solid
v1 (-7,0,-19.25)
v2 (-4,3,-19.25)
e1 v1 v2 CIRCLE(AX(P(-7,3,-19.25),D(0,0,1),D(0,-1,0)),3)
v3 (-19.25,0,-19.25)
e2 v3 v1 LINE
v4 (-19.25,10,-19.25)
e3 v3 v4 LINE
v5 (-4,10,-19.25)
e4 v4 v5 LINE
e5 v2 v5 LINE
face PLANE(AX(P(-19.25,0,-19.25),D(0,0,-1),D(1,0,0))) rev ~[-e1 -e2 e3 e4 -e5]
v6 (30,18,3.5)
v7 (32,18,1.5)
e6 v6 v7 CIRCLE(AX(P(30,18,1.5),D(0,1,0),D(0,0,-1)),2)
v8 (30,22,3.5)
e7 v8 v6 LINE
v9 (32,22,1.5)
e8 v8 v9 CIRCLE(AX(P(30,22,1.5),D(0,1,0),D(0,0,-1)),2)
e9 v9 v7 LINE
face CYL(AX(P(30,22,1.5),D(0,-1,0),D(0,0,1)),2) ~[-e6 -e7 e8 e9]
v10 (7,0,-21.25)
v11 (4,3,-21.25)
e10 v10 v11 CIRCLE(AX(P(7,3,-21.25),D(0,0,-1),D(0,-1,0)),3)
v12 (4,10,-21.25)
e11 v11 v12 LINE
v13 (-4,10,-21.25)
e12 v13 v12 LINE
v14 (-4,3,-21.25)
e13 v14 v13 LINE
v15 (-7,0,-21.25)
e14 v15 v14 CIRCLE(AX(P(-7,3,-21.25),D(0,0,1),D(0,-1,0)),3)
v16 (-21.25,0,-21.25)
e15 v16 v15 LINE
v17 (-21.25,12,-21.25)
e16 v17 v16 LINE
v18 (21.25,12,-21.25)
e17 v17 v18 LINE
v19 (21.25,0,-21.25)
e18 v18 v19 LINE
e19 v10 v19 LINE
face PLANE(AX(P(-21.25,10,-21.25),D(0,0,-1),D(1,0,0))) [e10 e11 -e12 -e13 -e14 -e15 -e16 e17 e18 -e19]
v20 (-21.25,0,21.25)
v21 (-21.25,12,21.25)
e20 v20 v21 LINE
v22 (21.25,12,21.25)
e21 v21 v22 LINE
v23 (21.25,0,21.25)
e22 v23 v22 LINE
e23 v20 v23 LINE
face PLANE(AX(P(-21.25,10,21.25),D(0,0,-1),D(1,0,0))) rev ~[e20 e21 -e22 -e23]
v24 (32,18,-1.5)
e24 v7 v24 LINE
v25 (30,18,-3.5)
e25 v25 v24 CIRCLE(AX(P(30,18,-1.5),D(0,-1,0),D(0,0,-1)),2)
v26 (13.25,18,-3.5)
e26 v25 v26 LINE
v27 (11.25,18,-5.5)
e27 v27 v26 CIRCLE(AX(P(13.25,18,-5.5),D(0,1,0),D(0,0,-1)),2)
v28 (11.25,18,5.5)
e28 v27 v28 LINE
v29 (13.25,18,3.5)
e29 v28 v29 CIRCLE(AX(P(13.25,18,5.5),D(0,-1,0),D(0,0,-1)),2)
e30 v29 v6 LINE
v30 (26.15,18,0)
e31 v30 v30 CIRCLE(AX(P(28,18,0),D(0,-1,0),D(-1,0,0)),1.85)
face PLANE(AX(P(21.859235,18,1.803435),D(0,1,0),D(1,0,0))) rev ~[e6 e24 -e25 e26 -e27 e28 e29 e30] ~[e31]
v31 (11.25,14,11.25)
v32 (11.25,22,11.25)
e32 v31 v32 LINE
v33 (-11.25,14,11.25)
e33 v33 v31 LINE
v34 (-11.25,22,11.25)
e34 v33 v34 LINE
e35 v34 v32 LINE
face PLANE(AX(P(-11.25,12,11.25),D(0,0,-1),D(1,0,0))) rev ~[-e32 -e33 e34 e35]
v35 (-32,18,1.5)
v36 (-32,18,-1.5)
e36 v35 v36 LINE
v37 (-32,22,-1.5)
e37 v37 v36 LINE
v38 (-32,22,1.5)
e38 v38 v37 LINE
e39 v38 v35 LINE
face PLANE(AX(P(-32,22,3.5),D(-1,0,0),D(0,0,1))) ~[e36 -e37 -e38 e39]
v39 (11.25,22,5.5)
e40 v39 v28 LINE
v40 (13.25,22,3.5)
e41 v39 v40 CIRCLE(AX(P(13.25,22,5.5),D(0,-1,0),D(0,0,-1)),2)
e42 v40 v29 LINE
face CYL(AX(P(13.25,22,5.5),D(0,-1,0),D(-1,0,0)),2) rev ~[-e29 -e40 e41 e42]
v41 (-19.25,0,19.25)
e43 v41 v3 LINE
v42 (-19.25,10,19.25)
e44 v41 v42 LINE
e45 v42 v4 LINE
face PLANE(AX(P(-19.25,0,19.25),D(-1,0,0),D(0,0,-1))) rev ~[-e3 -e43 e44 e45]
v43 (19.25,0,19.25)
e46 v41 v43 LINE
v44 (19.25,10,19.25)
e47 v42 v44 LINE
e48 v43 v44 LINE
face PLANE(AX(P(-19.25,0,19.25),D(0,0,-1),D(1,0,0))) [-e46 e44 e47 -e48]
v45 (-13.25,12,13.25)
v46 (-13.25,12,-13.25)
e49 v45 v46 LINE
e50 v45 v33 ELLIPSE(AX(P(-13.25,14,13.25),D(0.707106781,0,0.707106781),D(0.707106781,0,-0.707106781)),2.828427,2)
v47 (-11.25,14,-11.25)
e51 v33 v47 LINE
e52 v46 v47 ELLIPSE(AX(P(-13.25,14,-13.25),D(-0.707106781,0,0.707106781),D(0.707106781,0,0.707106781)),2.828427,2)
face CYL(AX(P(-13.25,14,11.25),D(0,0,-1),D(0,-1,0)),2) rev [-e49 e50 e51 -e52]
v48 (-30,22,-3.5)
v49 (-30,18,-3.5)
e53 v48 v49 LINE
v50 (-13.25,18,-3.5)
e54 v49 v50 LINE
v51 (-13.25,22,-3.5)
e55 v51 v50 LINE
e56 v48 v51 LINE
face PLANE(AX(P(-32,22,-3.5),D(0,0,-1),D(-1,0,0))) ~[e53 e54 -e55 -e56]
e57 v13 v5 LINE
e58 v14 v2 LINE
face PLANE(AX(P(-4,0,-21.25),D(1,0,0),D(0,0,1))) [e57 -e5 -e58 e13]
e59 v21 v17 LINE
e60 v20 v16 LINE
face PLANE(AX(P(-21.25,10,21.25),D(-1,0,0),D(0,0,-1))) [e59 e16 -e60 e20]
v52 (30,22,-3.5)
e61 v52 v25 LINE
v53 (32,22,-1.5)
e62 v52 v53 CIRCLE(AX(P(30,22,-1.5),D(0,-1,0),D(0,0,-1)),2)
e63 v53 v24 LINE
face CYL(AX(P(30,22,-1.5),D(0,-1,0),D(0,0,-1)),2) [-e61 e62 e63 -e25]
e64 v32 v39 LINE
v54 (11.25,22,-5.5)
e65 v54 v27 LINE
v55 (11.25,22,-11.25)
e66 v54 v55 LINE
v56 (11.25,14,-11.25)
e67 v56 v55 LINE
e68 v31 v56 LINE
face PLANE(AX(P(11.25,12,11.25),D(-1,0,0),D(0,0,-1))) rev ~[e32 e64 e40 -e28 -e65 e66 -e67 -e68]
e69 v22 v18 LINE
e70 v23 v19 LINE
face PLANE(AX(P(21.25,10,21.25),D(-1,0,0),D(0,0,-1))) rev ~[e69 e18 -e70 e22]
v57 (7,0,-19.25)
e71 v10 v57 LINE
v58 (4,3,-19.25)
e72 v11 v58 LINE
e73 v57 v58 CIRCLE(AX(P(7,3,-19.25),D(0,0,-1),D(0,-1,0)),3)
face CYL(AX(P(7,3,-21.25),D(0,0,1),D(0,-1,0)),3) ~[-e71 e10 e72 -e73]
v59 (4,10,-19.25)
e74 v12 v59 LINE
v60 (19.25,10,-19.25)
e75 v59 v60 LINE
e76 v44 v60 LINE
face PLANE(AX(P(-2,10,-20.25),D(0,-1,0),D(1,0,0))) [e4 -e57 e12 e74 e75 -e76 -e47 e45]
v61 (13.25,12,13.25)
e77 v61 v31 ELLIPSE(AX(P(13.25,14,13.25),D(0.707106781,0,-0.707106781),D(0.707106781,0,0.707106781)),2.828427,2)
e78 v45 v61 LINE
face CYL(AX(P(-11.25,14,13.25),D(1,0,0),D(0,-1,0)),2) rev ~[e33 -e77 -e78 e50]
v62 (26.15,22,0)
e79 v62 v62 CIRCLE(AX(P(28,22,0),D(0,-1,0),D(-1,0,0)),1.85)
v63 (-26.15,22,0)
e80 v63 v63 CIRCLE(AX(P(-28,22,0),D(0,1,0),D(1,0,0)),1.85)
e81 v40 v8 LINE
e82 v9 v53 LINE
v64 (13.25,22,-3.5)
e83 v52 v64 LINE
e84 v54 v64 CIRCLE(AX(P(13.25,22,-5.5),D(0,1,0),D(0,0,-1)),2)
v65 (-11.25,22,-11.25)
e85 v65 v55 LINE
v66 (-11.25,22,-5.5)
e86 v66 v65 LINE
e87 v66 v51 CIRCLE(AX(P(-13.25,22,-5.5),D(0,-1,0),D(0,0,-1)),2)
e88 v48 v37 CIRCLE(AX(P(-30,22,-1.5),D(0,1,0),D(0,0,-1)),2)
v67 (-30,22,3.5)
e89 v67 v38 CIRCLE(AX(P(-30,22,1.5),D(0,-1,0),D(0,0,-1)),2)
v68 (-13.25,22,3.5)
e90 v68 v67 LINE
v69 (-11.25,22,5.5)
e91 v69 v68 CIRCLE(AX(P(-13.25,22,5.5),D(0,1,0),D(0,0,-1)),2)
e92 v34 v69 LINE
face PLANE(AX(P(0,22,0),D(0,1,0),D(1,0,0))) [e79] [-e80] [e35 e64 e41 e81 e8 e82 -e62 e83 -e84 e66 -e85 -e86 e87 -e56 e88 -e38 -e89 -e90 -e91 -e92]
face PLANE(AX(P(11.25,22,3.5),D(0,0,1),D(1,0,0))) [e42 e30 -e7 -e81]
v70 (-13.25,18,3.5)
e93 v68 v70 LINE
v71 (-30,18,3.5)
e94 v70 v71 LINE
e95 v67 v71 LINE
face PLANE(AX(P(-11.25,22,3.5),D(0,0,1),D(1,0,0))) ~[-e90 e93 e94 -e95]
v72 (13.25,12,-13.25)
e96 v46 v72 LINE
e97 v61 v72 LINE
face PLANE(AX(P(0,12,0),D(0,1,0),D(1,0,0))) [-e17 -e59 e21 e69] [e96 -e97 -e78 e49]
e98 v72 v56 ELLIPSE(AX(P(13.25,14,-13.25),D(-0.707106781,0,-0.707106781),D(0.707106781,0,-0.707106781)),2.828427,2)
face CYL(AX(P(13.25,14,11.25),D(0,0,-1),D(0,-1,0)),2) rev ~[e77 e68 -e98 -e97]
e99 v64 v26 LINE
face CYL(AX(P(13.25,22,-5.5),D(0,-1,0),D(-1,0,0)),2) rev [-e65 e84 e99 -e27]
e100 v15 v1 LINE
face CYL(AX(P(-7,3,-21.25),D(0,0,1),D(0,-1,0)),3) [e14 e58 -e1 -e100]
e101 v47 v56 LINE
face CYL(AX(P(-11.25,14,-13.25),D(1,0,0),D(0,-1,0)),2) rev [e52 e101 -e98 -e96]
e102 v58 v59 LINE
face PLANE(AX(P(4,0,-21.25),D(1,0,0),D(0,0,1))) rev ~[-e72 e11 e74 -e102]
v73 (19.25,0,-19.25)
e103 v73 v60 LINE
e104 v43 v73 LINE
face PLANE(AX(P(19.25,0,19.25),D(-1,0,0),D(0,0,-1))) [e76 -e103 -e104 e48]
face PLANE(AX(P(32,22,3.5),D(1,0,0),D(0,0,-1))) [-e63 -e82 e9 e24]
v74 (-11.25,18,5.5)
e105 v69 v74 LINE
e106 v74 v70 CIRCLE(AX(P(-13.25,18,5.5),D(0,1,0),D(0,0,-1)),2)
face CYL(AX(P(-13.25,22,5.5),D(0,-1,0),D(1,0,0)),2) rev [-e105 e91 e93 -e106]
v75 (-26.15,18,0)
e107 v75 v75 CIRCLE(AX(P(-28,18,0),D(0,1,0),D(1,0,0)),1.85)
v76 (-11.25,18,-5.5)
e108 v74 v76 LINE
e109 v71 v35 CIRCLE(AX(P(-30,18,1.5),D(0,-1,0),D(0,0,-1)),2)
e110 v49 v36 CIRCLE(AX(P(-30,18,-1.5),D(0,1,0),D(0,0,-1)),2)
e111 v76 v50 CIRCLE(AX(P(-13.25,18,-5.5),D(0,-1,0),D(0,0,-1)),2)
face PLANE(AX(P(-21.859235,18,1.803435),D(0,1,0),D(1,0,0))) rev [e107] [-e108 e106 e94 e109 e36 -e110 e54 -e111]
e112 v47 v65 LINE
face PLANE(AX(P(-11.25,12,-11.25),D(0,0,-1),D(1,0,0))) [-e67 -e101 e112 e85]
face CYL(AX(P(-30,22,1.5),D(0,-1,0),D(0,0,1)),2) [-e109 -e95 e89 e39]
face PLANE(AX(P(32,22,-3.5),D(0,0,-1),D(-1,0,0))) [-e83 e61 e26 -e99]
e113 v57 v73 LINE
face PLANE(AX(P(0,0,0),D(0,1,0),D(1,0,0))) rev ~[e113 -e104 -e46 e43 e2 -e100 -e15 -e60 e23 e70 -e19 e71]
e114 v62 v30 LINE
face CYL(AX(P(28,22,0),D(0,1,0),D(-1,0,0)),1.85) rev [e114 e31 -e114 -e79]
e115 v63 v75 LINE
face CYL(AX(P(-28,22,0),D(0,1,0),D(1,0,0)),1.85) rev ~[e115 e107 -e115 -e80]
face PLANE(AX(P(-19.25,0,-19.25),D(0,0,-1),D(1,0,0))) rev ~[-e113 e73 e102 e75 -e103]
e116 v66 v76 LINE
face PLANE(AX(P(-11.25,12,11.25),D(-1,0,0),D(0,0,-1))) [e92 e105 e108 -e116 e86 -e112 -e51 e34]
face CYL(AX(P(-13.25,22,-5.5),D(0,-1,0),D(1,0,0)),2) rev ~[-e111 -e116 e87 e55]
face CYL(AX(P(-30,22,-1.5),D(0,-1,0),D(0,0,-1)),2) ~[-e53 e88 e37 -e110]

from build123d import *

# Parameters (mm, degrees)
SKETCH1_W           = 42.5
SKETCH1_H           = 42.5
SKETCH1_W_2         = 38.5
SKETCH1_H_2         = 38.5
BOSS_EXTRUDE1_DEPTH = 10
SKETCH2_W           = 42.5
SKETCH2_H           = 42.5
BOSS_EXTRUDE2_DEPTH = 2
SKETCH3_W           = 4
SKETCH3_H           = 2
CUT_EXTRUDE1_DEPTH  = 10
SKETCH5_W           = 22.5
SKETCH5_H           = 22.5
BOSS_EXTRUDE3_DEPTH = 10
BOSS_EXTRUDE4_DEPTH = 4
FILLET1_R           = 2
FILLET2_R           = 3


with BuildPart() as part:
    # Sketch1 → Boss-Extrude1 (new body)
    with BuildSketch(Plane(origin=(0, 0, 0), x_dir=(1, 0, 0), z_dir=(0, 1, 0))):
        Rectangle(SKETCH1_W, SKETCH1_H)
        Rectangle(SKETCH1_W_2, SKETCH1_H_2, mode=Mode.SUBTRACT)
    extrude(amount=BOSS_EXTRUDE1_DEPTH)

    # Sketch2 → Boss-Extrude2 (add)
    with BuildSketch(Plane(origin=(0, 10, 0), x_dir=(1, 0, 0), z_dir=(0, 1, 0))):
        Rectangle(SKETCH2_W, SKETCH2_H)
    extrude(amount=BOSS_EXTRUDE2_DEPTH)

    # Sketch3 → Cut-Extrude1 (cut)
    with BuildSketch(Plane.XZ):
        with Locations((-2, -20.25)):
            Rectangle(SKETCH3_W, SKETCH3_H)
        with Locations((2, -20.25)):
            Rectangle(SKETCH3_W, SKETCH3_H)
    extrude(amount=-CUT_EXTRUDE1_DEPTH, mode=Mode.SUBTRACT)

    # Sketch5 → Boss-Extrude3 (add)
    with BuildSketch(Plane(origin=(0, 12, 0), x_dir=(1, 0, 0), z_dir=(0, 1, 0))):
        Rectangle(SKETCH5_W, SKETCH5_H)
    extrude(amount=BOSS_EXTRUDE3_DEPTH)

    # Sketch6 → Boss-Extrude4 (add)
    with BuildSketch(Plane(origin=(0, 22, 0), x_dir=(1, 0, 0), z_dir=(0, 1, 0))):
        with BuildLine():
            Line((32, 0), (29.85, 0))
            ThreePointArc((29.85, 0), (28, -1.85), (26.15, 0))
            Line((26.15, 0), (11.25, 0))
            Line((11.25, 0), (11.25, -3.5))
            Line((11.25, -3.5), (32, -3.5))
            Line((32, -3.5), (32, 0))
        make_face()
        with BuildLine():
            ThreePointArc((26.15, 0), (28, 1.85), (29.85, 0))
            Line((29.85, 0), (32, 0))
            Line((32, 0), (32, 3.5))
            Line((32, 3.5), (11.25, 3.5))
            Line((11.25, 3.5), (11.25, 0))
            Line((11.25, 0), (26.15, 0))
        make_face()
    boss_extrude4 = extrude(amount=-BOSS_EXTRUDE4_DEPTH)

    # Mirror2: Boss-Extrude4 across plane
    add(boss_extrude4.mirror(Plane(origin=(0, 0, 0), x_dir=(0, 0, 1), z_dir=(1, 0, 0))))

    # Fillet1
    fillet1_edges = [part.edges().sort_by_distance(p)[0] for p in [
        (0, 12, -11.25),
        (-11.25, 12, 0),
        (0, 12, 11.25),
        (11.25, 12, 0),
        (11.25, 20, -3.5),
        (32, 20, -3.5),
        (32, 20, 3.5),
        (11.25, 20, 3.5),
        (-32, 20, -3.5),
        (-11.25, 20, -3.5),
        (-11.25, 20, 3.5),
        (-32, 20, 3.5),
    ]]
    fillet(fillet1_edges, radius=FILLET1_R)

    # Fillet2
    fillet2_edges = [part.edges().sort_by_distance(p)[0] for p in [
        (4, 0, -20.25),
        (-4, 0, -20.25),
    ]]
    fillet(fillet2_edges, radius=FILLET2_R)


solid = part.part
